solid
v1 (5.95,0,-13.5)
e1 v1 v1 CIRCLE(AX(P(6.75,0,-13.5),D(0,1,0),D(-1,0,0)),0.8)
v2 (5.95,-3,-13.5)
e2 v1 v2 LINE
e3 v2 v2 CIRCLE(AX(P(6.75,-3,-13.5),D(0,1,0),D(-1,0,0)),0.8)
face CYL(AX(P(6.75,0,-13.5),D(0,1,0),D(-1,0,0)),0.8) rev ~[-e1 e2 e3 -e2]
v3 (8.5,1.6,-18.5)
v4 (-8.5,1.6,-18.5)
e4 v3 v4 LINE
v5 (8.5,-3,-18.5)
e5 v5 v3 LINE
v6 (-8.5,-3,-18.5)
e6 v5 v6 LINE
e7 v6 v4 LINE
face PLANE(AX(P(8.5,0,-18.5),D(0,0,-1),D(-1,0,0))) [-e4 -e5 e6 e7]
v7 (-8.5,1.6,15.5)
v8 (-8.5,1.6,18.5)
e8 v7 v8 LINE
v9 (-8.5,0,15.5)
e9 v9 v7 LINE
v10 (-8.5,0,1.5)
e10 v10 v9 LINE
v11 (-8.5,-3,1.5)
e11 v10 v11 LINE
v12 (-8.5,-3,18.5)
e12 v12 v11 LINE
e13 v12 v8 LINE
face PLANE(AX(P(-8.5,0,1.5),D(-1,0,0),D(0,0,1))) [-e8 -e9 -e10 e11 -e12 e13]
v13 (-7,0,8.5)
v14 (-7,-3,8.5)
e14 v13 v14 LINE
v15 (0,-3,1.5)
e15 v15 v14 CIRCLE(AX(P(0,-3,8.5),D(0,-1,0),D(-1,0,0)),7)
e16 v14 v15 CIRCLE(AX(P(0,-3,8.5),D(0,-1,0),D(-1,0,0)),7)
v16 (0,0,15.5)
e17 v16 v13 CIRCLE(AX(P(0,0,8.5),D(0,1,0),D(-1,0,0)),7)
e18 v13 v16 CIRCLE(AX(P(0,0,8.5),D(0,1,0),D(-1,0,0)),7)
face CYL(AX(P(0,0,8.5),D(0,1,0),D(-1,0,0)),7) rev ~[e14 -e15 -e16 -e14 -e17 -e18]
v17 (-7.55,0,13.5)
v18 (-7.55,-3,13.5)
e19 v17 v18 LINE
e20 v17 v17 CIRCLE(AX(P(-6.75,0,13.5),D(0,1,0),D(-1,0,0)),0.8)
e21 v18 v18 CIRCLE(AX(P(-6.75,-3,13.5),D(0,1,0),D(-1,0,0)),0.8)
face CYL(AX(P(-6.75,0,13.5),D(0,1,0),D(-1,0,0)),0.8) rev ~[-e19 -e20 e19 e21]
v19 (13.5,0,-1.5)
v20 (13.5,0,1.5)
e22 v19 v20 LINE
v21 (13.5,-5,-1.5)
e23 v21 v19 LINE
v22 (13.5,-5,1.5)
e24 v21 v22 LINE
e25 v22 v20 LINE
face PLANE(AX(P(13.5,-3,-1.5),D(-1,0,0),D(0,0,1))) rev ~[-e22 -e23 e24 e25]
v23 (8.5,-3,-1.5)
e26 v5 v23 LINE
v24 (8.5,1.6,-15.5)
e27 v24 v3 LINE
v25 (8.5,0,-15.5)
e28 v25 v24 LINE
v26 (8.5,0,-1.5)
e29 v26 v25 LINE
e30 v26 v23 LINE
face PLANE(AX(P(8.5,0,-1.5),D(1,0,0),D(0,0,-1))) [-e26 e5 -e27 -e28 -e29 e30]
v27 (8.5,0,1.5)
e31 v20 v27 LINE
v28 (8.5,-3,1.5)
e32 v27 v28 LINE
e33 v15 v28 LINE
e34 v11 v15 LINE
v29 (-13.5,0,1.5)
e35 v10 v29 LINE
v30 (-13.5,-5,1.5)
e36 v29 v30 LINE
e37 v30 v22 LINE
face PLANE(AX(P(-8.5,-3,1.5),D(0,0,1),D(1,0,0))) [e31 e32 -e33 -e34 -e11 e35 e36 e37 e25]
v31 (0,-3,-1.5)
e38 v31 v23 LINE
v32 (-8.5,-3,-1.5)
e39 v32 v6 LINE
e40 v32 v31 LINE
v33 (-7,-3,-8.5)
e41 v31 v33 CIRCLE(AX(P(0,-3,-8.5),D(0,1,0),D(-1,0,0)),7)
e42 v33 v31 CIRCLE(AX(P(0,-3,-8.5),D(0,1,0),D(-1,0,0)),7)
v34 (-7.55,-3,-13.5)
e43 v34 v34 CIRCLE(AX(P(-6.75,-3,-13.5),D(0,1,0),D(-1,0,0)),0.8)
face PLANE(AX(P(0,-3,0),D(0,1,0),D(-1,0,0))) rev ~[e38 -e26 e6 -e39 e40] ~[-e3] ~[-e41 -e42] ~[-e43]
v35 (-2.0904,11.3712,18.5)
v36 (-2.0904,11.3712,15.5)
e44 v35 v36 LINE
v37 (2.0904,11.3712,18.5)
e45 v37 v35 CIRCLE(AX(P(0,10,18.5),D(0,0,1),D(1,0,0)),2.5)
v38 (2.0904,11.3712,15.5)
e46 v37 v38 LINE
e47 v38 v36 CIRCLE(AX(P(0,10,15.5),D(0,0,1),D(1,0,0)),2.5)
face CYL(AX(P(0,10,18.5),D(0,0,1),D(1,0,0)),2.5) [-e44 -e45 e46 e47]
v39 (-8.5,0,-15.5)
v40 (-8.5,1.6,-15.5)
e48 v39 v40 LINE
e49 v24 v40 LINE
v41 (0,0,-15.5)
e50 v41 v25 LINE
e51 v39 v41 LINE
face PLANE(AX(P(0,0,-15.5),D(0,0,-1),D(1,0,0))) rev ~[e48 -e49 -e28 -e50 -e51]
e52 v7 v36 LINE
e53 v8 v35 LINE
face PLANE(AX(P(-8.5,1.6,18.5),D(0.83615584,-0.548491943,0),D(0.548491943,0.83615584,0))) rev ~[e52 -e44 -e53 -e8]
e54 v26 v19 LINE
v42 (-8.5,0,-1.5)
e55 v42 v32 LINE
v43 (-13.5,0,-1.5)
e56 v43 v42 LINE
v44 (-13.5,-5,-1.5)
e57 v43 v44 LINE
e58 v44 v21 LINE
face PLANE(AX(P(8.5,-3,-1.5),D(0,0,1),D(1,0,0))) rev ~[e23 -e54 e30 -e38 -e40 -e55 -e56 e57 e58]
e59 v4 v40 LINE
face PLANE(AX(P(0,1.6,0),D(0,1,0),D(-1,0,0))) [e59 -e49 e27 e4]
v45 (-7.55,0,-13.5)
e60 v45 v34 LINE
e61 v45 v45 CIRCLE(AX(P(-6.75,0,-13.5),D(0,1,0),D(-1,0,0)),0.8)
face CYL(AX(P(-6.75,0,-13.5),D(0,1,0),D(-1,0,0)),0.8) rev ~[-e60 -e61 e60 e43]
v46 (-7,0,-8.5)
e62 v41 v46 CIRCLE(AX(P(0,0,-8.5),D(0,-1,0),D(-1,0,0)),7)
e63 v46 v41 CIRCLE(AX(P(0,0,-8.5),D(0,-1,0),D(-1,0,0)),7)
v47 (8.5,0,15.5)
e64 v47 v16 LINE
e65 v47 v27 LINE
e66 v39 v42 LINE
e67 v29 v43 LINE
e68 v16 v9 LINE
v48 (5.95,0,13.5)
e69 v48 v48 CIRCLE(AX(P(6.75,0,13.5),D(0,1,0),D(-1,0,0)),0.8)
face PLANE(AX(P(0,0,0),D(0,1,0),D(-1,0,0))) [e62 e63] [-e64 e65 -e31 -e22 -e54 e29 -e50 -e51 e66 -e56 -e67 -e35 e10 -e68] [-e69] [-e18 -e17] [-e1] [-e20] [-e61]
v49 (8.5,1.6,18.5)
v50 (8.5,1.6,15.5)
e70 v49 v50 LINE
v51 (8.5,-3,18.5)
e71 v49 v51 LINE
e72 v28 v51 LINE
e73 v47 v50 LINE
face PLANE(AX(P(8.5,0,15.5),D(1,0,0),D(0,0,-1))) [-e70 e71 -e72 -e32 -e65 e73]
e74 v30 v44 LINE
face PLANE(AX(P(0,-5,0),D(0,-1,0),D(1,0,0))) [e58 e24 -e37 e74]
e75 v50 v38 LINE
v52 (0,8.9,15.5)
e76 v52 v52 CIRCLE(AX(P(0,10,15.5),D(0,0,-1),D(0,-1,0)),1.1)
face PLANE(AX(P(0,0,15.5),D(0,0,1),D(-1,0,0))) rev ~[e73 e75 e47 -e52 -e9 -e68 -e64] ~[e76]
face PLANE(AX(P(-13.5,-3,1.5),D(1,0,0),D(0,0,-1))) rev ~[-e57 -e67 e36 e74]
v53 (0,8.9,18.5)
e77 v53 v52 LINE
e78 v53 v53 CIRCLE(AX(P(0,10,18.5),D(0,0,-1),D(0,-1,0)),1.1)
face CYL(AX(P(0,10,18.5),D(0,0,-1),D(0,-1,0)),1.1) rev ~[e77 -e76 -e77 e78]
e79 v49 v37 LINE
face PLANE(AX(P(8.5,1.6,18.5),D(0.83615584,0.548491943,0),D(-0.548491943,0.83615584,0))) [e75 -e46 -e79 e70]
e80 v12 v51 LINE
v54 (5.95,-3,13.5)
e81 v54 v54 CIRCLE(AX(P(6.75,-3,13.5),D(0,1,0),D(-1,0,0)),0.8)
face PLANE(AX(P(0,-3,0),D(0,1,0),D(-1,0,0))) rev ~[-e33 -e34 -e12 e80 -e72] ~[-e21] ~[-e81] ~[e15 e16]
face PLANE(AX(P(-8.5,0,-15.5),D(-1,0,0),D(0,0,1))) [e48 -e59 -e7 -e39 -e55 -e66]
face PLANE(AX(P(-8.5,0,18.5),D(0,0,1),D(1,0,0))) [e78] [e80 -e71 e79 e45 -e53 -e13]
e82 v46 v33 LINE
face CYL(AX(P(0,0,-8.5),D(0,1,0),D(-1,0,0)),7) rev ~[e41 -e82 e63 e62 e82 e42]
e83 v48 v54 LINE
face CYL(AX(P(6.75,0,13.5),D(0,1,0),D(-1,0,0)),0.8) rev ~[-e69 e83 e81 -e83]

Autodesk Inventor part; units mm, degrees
ref_plane "YZ Plane" through (0, 0, 0) normal (1, 0, 0) x (0, 1, 0)
ref_plane "XZ Plane" through (0, 0, 0) normal (0, 1, 0) x (-1, 0, 0)
ref_plane "XY Plane" through (0, 0, 0) normal (0, 0, 1) x (1, 0, 0)
sketch "スケッチ1" plane through (0, 0, 0) normal (0, 1, 0) x (-1, 0, 0)
  line L0 (8.5, 15.5) -> (-8.5, 15.5) construction
  line L1 (-8.5, 15.5) -> (-8.5, -15.5)
  line L2 (-8.5, -15.5) -> (8.5, -15.5) construction
  line L3 (8.5, -15.5) -> (8.5, 15.5)
  circle A0 centre (0, 8.5) radius 7
  circle A1 centre (0, -8.5) radius 7
  circle A2 centre (6.75, -13.5) radius 0.8
  line L4 (6.75, -13.5) -> (-6.75, -13.5) construction
  line L5 (-6.75, -13.5) -> (-6.75, 13.5) construction
  line L6 (-6.75, 13.5) -> (6.75, 13.5) construction
  line L7 (6.75, 13.5) -> (6.75, -13.5) construction
  circle A3 centre (-6.75, -13.5) radius 0.8
  circle A4 centre (6.75, 13.5) radius 0.8
  circle A5 centre (-6.75, 13.5) radius 0.8
  line L8 (8.5, 18.5) -> (-8.5, 18.5)
  line L9 (-8.5, 18.5) -> (-8.5, 15.5)
  line L10 (-8.5, 15.5) -> (8.5, 15.5)
  line L11 (8.5, 15.5) -> (8.5, 18.5)
  line L12 (8.5, -15.5) -> (-8.5, -15.5)
  line L13 (-8.5, -15.5) -> (-8.5, -18.5)
  line L14 (-8.5, -18.5) -> (8.5, -18.5)
  line L15 (8.5, -18.5) -> (8.5, -15.5)
  line L16 (-6.75, 10.354) -> (-6.75, -10.354)
  line L17 (13.5, -1.5) -> (-13.5, -1.5)
  line L18 (-13.5, -1.5) -> (-13.5, 1.5)
  line L19 (-13.5, 1.5) -> (13.5, 1.5)
  line L20 (13.5, 1.5) -> (13.5, -1.5)
  point P0 (0, 0)
  point P1 (0, 0)
  point P2 (0, 15.5)
  point P3 (8.5, 0)
  point P4 (6.75, 0)
  point P5 (0, 13.5)
  point P6 (6.75, 10.354)
  point P7 (6.75, -10.354)
  point P8 (7, 8.5)
  point P9 (7, -8.5)
  point P10 (-7, 8.5)
  point P11 (-7, -8.5)
  point P12 (-6.75, -6.646)
  point P13 (-6.75, 6.646)
  point P14 (13.5, 0)
  point P15 (0, -1.5)
  point P16 (8.5, 1.5)
  point P17 (8.5, -1.5)
  point P18 (-8.5, -1.5)
  point P19 (-8.5, 1.5)
  dimension "d0" = 17
  dimension "d1" = 31
  dimension "d2" = 14
  dimension "d4" = 27
  dimension "d5" = 13.5
  dimension "d7" = 1.6
  dimension "d9" = 3
  dimension "d26" = 5
extrude "押し出し1" add sketch "スケッチ1" against normal blind 3 contours L10 A0 L16 L19 L1 | L9 L8 L11 L10 | L19 L16 L17 L1 | L1 L17 L18 L19 | L10 L3 L19 A0 | L17 L16 A1 L12 L1 | L19 L3 L17 L16 | L16 A0 L19 | L12 L15 L14 L13 | L17 A1 L16 | L19 L20 L17 L3 | A1 L17 L3 L12
extrude "押し出し2" add sketch "スケッチ1" along normal blind 1.6 contours L9 L8 L11 L10 | L12 L15 L14 L13
sketch "スケッチ4" plane through (0, -3, 0) normal (0, -1, 0) x (1, 0, 0)
  line L0 (-8.5, 1.5) -> (-13.5, 1.5) projected
  line L1 (-13.5, 1.5) -> (-13.5, -1.5) projected
  line L2 (-13.5, -1.5) -> (-8.5, -1.5) projected
  line L3 (8.5, -1.5) -> (13.5, -1.5) projected
  line L4 (13.5, -1.5) -> (13.5, 1.5) projected
  line L5 (13.5, 1.5) -> (8.5, 1.5) projected
  line L6 (-13.5, -1.5) -> (13.5, -1.5) projected
  line L7 (-8.5, 1.5) -> (-13.5, 1.5) projected
  line L8 (-13.5, 1.5) -> (13.5, 1.5)
  line L9 (13.5, 1.5) -> (13.5, -1.5)
  line L10 (13.5, -1.5) -> (-13.5, -1.5)
  line L11 (-13.5, -1.5) -> (-13.5, 1.5)
  point P0 (-7, -1.5)
  point P1 (7, -1.5)
  point P2 (7, 1.5)
  point P3 (-7, 1.5)
  point P4 (0, 0)
  point P5 (-8.5, -1.5)
  point P6 (7, -1.5)
  point P7 (8.5, -1.5)
  point P8 (8.5, 1.5)
  point P9 (-7, 1.5)
extrude "押し出し4" add sketch "スケッチ4" along normal blind 2
sketch "スケッチ2" plane through (-8.5, -3, 18.5) normal (0, 0, 1) x (1, 0, 0)
  line L0 (0, 4.6) -> (17, 4.6) projected
  circle A0 centre (8.5, 13) radius 2.5
  line L1 (17, 4.6) -> (0, 4.6) projected
  line L2 (0, 4.6) -> (6.4096, 14.3712)
  line L3 (17, 4.6) -> (10.5904, 14.3712)
  point P0 (8.5, 3)
  dimension "d14" = 10
  dimension "d15" = 5
extrude "押し出し3" add sketch "スケッチ2" against normal up to surface (3 mm away)
sketch "スケッチ3" plane through (-8.5, -3, 18.5) normal (0, 0, 1) x (1, 0, 0)
  arc A0 (10.5904, 14.3712) -> (6.4096, 14.3712) centre (8.5, 13) ccw projected
  point P0 (8.5, 3)
hole "穴1" at (0, 10, 18.5) direction (0, 0, -1) diameter 2.2 end through all
properties part number "Ultrasonic_holderV3"
